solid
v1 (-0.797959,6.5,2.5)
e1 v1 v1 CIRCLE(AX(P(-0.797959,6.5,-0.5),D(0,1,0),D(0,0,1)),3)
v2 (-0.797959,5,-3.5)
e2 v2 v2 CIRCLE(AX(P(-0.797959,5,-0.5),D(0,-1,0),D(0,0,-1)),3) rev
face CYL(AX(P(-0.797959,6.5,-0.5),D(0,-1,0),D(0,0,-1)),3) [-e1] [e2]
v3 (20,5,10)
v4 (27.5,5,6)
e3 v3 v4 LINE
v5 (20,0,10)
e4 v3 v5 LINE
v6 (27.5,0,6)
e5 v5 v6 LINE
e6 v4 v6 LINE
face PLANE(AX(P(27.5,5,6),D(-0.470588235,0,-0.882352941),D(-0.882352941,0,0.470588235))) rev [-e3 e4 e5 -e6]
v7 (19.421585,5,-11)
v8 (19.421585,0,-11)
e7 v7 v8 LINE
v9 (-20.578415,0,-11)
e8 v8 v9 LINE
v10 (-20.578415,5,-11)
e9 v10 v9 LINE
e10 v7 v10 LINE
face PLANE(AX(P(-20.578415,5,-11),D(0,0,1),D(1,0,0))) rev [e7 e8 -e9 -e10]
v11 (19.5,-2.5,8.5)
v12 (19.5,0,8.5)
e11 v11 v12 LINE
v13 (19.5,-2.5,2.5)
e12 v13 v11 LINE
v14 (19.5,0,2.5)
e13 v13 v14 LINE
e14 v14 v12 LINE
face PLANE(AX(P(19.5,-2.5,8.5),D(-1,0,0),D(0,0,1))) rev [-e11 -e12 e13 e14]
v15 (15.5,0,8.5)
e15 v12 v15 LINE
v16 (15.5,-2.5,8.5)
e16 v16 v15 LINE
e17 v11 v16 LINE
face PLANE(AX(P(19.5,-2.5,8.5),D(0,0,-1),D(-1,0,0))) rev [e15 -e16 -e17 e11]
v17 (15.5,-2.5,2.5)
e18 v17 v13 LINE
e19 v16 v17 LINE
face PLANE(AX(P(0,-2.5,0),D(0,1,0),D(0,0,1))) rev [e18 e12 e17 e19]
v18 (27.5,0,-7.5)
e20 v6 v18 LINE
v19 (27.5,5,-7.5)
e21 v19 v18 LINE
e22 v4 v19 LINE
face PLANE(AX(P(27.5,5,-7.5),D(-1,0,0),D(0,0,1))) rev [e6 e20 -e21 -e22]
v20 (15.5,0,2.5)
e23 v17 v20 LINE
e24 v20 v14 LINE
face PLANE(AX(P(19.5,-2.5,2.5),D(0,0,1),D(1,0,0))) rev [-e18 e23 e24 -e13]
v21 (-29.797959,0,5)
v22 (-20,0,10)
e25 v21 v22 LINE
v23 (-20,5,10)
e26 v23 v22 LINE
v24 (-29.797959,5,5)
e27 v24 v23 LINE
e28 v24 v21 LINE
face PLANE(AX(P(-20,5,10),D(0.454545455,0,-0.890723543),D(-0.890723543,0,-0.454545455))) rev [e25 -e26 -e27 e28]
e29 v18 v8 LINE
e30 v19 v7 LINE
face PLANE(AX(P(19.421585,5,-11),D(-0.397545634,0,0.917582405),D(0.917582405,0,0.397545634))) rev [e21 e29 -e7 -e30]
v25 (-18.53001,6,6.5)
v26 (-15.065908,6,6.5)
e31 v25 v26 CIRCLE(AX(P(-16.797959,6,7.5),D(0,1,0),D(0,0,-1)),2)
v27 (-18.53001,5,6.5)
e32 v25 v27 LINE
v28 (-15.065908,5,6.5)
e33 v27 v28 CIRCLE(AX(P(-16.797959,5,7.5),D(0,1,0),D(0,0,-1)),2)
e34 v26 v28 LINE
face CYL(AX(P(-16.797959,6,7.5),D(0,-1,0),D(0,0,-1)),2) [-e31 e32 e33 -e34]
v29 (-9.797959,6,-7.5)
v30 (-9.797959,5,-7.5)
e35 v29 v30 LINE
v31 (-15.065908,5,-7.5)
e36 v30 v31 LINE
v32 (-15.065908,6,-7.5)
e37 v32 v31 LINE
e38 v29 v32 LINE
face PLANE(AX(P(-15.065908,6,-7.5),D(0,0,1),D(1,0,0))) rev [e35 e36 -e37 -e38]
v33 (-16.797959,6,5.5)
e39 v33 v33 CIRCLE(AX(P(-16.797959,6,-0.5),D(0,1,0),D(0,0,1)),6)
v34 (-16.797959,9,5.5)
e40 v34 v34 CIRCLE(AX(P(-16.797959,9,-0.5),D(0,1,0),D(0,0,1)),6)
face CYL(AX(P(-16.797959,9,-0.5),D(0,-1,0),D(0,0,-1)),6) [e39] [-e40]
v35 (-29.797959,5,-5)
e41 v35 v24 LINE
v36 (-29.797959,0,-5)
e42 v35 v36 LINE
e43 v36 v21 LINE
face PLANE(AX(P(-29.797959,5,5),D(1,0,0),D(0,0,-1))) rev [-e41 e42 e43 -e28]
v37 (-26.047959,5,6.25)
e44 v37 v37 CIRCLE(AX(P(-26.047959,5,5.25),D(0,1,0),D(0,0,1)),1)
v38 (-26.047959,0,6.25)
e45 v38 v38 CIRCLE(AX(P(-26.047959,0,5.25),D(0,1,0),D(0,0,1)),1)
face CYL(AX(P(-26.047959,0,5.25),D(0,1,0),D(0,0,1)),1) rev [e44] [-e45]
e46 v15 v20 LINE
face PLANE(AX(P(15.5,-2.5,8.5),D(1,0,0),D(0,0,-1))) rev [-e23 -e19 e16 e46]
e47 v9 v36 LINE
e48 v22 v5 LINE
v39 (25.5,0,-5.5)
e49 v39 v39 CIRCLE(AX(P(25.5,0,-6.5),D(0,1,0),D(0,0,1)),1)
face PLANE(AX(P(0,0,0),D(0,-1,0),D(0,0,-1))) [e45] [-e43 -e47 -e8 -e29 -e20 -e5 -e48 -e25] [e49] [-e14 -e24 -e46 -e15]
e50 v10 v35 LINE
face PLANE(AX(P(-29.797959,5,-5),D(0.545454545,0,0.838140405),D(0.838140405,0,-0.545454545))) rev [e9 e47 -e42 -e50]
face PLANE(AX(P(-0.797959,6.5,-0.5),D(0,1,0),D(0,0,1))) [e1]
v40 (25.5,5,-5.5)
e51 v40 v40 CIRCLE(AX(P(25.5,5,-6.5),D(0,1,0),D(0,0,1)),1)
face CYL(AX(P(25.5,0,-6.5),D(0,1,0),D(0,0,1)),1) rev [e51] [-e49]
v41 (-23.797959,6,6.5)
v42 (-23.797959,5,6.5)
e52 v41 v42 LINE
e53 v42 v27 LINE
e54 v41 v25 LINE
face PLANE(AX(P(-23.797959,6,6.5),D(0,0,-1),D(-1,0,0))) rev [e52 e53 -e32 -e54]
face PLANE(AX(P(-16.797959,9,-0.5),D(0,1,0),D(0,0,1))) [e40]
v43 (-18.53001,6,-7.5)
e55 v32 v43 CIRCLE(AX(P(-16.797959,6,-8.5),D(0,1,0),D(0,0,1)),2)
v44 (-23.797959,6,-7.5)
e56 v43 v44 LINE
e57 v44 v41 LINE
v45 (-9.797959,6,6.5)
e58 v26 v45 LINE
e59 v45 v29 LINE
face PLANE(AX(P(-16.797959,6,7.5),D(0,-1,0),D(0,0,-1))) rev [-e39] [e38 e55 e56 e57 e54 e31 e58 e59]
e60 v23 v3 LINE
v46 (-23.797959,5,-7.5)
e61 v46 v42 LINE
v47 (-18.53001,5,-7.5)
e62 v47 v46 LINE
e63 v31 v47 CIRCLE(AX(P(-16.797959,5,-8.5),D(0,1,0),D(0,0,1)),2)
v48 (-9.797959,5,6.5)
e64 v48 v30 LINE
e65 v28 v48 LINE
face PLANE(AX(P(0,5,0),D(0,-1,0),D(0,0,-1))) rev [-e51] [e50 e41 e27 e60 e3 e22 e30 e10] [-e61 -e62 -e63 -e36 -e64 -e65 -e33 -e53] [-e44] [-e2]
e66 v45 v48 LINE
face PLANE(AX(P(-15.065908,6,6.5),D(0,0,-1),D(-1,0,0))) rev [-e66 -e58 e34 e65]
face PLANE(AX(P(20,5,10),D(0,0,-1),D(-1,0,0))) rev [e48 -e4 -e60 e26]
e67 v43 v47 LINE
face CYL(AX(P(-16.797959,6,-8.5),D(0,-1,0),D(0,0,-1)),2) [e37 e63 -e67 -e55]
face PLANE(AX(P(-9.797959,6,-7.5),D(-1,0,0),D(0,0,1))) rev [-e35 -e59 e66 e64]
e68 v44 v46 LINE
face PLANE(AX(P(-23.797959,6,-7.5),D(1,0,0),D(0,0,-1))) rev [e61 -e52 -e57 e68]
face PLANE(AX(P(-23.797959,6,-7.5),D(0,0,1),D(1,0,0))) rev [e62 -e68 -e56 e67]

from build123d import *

# Parameters (mm, degrees)
EXTRUDE_1_DEPTH     = 5
EXTRUDE_2_DEPTH     = 1
SKETCH_3_R          = 6
EXTRUDE_3_DEPTH     = 3
SKETCH_4_R          = 3
EXTRUDE_4_DEPTH     = 1.5
SKETCH_6_W          = 4
SKETCH_6_H          = 6
EXTRUDE_5_DEPTH     = 2.5
SKETCH_7_R          = 1
CUT_EXTRUDE_1_DEPTH = 5


with BuildPart() as part:
    # Эскиз1 → Бобышка-Вытянуть1 (new body)
    with BuildSketch(Plane(origin=(0, 0, 0), x_dir=(1, 0, 0), z_dir=(0, 1, 0))):
        Polygon((-29.797958971, -5), (-29.797958971, 5), (-20.578414514, 11), (19.421585486, 11), (27.5, 7.5), (27.5, -6), (20, -10), (-20, -10), align=None)
    extrude(amount=EXTRUDE_1_DEPTH)

    # Эскиз2 → Бобышка-Вытянуть2 (add)
    with BuildSketch(Plane(origin=(0, 5, 0), x_dir=(1, 0, 0), z_dir=(0, 1, 0))):
        with BuildLine():
            Line((-23.797958971, 7.5), (-18.530009779, 7.5))
            ThreePointArc((-18.530009779, 7.5), (-16.797958971, 10.5), (-15.065908164, 7.5))
            Line((-15.065908164, 7.5), (-9.797958971, 7.5))
            Line((-9.797958971, 7.5), (-9.797958971, -6.5))
            Line((-9.797958971, -6.5), (-15.065908164, -6.5))
            ThreePointArc((-15.065908164, -6.5), (-16.797958971, -9.5), (-18.530009779, -6.5))
            Line((-18.530009779, -6.5), (-23.797958971, -6.5))
            Line((-23.797958971, -6.5), (-23.797958971, 7.5))
        make_face()
    extrude(amount=EXTRUDE_2_DEPTH)

    # Эскиз3 → Бобышка-Вытянуть3 (add)
    with BuildSketch(Plane(origin=(0, 6, 0), x_dir=(1, 0, 0), z_dir=(0, 1, 0))):
        with Locations(Location((-16.797958971, 0.5, 0), (0, 0, 270))):
            Circle(SKETCH_3_R)
    extrude(amount=EXTRUDE_3_DEPTH)

    # Эскиз4 → Бобышка-Вытянуть4 (add)
    with BuildSketch(Plane(origin=(0, 5, 0), x_dir=(1, 0, 0), z_dir=(0, 1, 0))):
        with Locations(Location((-0.797958971, 0.5, 0), (0, 0, 90))):
            Circle(SKETCH_4_R)
    extrude(amount=EXTRUDE_4_DEPTH)

    # Эскиз6 → Бобышка-Вытянуть5 (add)
    with BuildSketch(Plane.XZ):
        with Locations((17.5, 5.5)):
            Rectangle(SKETCH_6_W, SKETCH_6_H)
    extrude(amount=EXTRUDE_5_DEPTH)

    # Эскиз7 → Вырез-Вытянуть1 (cut)
    with BuildSketch(Plane(origin=(0, 5, 0), x_dir=(1, 0, 0), z_dir=(0, 1, 0))):
        with Locations(Location((-26.047958971, -5.25, 0), (0, 0, 270))):
            Circle(SKETCH_7_R)
        with Locations(Location((25.5, 6.5, 0), (0, 0, 270))):
            Circle(SKETCH_7_R)
    extrude(amount=-CUT_EXTRUDE_1_DEPTH, mode=Mode.SUBTRACT)


solid = part.part
